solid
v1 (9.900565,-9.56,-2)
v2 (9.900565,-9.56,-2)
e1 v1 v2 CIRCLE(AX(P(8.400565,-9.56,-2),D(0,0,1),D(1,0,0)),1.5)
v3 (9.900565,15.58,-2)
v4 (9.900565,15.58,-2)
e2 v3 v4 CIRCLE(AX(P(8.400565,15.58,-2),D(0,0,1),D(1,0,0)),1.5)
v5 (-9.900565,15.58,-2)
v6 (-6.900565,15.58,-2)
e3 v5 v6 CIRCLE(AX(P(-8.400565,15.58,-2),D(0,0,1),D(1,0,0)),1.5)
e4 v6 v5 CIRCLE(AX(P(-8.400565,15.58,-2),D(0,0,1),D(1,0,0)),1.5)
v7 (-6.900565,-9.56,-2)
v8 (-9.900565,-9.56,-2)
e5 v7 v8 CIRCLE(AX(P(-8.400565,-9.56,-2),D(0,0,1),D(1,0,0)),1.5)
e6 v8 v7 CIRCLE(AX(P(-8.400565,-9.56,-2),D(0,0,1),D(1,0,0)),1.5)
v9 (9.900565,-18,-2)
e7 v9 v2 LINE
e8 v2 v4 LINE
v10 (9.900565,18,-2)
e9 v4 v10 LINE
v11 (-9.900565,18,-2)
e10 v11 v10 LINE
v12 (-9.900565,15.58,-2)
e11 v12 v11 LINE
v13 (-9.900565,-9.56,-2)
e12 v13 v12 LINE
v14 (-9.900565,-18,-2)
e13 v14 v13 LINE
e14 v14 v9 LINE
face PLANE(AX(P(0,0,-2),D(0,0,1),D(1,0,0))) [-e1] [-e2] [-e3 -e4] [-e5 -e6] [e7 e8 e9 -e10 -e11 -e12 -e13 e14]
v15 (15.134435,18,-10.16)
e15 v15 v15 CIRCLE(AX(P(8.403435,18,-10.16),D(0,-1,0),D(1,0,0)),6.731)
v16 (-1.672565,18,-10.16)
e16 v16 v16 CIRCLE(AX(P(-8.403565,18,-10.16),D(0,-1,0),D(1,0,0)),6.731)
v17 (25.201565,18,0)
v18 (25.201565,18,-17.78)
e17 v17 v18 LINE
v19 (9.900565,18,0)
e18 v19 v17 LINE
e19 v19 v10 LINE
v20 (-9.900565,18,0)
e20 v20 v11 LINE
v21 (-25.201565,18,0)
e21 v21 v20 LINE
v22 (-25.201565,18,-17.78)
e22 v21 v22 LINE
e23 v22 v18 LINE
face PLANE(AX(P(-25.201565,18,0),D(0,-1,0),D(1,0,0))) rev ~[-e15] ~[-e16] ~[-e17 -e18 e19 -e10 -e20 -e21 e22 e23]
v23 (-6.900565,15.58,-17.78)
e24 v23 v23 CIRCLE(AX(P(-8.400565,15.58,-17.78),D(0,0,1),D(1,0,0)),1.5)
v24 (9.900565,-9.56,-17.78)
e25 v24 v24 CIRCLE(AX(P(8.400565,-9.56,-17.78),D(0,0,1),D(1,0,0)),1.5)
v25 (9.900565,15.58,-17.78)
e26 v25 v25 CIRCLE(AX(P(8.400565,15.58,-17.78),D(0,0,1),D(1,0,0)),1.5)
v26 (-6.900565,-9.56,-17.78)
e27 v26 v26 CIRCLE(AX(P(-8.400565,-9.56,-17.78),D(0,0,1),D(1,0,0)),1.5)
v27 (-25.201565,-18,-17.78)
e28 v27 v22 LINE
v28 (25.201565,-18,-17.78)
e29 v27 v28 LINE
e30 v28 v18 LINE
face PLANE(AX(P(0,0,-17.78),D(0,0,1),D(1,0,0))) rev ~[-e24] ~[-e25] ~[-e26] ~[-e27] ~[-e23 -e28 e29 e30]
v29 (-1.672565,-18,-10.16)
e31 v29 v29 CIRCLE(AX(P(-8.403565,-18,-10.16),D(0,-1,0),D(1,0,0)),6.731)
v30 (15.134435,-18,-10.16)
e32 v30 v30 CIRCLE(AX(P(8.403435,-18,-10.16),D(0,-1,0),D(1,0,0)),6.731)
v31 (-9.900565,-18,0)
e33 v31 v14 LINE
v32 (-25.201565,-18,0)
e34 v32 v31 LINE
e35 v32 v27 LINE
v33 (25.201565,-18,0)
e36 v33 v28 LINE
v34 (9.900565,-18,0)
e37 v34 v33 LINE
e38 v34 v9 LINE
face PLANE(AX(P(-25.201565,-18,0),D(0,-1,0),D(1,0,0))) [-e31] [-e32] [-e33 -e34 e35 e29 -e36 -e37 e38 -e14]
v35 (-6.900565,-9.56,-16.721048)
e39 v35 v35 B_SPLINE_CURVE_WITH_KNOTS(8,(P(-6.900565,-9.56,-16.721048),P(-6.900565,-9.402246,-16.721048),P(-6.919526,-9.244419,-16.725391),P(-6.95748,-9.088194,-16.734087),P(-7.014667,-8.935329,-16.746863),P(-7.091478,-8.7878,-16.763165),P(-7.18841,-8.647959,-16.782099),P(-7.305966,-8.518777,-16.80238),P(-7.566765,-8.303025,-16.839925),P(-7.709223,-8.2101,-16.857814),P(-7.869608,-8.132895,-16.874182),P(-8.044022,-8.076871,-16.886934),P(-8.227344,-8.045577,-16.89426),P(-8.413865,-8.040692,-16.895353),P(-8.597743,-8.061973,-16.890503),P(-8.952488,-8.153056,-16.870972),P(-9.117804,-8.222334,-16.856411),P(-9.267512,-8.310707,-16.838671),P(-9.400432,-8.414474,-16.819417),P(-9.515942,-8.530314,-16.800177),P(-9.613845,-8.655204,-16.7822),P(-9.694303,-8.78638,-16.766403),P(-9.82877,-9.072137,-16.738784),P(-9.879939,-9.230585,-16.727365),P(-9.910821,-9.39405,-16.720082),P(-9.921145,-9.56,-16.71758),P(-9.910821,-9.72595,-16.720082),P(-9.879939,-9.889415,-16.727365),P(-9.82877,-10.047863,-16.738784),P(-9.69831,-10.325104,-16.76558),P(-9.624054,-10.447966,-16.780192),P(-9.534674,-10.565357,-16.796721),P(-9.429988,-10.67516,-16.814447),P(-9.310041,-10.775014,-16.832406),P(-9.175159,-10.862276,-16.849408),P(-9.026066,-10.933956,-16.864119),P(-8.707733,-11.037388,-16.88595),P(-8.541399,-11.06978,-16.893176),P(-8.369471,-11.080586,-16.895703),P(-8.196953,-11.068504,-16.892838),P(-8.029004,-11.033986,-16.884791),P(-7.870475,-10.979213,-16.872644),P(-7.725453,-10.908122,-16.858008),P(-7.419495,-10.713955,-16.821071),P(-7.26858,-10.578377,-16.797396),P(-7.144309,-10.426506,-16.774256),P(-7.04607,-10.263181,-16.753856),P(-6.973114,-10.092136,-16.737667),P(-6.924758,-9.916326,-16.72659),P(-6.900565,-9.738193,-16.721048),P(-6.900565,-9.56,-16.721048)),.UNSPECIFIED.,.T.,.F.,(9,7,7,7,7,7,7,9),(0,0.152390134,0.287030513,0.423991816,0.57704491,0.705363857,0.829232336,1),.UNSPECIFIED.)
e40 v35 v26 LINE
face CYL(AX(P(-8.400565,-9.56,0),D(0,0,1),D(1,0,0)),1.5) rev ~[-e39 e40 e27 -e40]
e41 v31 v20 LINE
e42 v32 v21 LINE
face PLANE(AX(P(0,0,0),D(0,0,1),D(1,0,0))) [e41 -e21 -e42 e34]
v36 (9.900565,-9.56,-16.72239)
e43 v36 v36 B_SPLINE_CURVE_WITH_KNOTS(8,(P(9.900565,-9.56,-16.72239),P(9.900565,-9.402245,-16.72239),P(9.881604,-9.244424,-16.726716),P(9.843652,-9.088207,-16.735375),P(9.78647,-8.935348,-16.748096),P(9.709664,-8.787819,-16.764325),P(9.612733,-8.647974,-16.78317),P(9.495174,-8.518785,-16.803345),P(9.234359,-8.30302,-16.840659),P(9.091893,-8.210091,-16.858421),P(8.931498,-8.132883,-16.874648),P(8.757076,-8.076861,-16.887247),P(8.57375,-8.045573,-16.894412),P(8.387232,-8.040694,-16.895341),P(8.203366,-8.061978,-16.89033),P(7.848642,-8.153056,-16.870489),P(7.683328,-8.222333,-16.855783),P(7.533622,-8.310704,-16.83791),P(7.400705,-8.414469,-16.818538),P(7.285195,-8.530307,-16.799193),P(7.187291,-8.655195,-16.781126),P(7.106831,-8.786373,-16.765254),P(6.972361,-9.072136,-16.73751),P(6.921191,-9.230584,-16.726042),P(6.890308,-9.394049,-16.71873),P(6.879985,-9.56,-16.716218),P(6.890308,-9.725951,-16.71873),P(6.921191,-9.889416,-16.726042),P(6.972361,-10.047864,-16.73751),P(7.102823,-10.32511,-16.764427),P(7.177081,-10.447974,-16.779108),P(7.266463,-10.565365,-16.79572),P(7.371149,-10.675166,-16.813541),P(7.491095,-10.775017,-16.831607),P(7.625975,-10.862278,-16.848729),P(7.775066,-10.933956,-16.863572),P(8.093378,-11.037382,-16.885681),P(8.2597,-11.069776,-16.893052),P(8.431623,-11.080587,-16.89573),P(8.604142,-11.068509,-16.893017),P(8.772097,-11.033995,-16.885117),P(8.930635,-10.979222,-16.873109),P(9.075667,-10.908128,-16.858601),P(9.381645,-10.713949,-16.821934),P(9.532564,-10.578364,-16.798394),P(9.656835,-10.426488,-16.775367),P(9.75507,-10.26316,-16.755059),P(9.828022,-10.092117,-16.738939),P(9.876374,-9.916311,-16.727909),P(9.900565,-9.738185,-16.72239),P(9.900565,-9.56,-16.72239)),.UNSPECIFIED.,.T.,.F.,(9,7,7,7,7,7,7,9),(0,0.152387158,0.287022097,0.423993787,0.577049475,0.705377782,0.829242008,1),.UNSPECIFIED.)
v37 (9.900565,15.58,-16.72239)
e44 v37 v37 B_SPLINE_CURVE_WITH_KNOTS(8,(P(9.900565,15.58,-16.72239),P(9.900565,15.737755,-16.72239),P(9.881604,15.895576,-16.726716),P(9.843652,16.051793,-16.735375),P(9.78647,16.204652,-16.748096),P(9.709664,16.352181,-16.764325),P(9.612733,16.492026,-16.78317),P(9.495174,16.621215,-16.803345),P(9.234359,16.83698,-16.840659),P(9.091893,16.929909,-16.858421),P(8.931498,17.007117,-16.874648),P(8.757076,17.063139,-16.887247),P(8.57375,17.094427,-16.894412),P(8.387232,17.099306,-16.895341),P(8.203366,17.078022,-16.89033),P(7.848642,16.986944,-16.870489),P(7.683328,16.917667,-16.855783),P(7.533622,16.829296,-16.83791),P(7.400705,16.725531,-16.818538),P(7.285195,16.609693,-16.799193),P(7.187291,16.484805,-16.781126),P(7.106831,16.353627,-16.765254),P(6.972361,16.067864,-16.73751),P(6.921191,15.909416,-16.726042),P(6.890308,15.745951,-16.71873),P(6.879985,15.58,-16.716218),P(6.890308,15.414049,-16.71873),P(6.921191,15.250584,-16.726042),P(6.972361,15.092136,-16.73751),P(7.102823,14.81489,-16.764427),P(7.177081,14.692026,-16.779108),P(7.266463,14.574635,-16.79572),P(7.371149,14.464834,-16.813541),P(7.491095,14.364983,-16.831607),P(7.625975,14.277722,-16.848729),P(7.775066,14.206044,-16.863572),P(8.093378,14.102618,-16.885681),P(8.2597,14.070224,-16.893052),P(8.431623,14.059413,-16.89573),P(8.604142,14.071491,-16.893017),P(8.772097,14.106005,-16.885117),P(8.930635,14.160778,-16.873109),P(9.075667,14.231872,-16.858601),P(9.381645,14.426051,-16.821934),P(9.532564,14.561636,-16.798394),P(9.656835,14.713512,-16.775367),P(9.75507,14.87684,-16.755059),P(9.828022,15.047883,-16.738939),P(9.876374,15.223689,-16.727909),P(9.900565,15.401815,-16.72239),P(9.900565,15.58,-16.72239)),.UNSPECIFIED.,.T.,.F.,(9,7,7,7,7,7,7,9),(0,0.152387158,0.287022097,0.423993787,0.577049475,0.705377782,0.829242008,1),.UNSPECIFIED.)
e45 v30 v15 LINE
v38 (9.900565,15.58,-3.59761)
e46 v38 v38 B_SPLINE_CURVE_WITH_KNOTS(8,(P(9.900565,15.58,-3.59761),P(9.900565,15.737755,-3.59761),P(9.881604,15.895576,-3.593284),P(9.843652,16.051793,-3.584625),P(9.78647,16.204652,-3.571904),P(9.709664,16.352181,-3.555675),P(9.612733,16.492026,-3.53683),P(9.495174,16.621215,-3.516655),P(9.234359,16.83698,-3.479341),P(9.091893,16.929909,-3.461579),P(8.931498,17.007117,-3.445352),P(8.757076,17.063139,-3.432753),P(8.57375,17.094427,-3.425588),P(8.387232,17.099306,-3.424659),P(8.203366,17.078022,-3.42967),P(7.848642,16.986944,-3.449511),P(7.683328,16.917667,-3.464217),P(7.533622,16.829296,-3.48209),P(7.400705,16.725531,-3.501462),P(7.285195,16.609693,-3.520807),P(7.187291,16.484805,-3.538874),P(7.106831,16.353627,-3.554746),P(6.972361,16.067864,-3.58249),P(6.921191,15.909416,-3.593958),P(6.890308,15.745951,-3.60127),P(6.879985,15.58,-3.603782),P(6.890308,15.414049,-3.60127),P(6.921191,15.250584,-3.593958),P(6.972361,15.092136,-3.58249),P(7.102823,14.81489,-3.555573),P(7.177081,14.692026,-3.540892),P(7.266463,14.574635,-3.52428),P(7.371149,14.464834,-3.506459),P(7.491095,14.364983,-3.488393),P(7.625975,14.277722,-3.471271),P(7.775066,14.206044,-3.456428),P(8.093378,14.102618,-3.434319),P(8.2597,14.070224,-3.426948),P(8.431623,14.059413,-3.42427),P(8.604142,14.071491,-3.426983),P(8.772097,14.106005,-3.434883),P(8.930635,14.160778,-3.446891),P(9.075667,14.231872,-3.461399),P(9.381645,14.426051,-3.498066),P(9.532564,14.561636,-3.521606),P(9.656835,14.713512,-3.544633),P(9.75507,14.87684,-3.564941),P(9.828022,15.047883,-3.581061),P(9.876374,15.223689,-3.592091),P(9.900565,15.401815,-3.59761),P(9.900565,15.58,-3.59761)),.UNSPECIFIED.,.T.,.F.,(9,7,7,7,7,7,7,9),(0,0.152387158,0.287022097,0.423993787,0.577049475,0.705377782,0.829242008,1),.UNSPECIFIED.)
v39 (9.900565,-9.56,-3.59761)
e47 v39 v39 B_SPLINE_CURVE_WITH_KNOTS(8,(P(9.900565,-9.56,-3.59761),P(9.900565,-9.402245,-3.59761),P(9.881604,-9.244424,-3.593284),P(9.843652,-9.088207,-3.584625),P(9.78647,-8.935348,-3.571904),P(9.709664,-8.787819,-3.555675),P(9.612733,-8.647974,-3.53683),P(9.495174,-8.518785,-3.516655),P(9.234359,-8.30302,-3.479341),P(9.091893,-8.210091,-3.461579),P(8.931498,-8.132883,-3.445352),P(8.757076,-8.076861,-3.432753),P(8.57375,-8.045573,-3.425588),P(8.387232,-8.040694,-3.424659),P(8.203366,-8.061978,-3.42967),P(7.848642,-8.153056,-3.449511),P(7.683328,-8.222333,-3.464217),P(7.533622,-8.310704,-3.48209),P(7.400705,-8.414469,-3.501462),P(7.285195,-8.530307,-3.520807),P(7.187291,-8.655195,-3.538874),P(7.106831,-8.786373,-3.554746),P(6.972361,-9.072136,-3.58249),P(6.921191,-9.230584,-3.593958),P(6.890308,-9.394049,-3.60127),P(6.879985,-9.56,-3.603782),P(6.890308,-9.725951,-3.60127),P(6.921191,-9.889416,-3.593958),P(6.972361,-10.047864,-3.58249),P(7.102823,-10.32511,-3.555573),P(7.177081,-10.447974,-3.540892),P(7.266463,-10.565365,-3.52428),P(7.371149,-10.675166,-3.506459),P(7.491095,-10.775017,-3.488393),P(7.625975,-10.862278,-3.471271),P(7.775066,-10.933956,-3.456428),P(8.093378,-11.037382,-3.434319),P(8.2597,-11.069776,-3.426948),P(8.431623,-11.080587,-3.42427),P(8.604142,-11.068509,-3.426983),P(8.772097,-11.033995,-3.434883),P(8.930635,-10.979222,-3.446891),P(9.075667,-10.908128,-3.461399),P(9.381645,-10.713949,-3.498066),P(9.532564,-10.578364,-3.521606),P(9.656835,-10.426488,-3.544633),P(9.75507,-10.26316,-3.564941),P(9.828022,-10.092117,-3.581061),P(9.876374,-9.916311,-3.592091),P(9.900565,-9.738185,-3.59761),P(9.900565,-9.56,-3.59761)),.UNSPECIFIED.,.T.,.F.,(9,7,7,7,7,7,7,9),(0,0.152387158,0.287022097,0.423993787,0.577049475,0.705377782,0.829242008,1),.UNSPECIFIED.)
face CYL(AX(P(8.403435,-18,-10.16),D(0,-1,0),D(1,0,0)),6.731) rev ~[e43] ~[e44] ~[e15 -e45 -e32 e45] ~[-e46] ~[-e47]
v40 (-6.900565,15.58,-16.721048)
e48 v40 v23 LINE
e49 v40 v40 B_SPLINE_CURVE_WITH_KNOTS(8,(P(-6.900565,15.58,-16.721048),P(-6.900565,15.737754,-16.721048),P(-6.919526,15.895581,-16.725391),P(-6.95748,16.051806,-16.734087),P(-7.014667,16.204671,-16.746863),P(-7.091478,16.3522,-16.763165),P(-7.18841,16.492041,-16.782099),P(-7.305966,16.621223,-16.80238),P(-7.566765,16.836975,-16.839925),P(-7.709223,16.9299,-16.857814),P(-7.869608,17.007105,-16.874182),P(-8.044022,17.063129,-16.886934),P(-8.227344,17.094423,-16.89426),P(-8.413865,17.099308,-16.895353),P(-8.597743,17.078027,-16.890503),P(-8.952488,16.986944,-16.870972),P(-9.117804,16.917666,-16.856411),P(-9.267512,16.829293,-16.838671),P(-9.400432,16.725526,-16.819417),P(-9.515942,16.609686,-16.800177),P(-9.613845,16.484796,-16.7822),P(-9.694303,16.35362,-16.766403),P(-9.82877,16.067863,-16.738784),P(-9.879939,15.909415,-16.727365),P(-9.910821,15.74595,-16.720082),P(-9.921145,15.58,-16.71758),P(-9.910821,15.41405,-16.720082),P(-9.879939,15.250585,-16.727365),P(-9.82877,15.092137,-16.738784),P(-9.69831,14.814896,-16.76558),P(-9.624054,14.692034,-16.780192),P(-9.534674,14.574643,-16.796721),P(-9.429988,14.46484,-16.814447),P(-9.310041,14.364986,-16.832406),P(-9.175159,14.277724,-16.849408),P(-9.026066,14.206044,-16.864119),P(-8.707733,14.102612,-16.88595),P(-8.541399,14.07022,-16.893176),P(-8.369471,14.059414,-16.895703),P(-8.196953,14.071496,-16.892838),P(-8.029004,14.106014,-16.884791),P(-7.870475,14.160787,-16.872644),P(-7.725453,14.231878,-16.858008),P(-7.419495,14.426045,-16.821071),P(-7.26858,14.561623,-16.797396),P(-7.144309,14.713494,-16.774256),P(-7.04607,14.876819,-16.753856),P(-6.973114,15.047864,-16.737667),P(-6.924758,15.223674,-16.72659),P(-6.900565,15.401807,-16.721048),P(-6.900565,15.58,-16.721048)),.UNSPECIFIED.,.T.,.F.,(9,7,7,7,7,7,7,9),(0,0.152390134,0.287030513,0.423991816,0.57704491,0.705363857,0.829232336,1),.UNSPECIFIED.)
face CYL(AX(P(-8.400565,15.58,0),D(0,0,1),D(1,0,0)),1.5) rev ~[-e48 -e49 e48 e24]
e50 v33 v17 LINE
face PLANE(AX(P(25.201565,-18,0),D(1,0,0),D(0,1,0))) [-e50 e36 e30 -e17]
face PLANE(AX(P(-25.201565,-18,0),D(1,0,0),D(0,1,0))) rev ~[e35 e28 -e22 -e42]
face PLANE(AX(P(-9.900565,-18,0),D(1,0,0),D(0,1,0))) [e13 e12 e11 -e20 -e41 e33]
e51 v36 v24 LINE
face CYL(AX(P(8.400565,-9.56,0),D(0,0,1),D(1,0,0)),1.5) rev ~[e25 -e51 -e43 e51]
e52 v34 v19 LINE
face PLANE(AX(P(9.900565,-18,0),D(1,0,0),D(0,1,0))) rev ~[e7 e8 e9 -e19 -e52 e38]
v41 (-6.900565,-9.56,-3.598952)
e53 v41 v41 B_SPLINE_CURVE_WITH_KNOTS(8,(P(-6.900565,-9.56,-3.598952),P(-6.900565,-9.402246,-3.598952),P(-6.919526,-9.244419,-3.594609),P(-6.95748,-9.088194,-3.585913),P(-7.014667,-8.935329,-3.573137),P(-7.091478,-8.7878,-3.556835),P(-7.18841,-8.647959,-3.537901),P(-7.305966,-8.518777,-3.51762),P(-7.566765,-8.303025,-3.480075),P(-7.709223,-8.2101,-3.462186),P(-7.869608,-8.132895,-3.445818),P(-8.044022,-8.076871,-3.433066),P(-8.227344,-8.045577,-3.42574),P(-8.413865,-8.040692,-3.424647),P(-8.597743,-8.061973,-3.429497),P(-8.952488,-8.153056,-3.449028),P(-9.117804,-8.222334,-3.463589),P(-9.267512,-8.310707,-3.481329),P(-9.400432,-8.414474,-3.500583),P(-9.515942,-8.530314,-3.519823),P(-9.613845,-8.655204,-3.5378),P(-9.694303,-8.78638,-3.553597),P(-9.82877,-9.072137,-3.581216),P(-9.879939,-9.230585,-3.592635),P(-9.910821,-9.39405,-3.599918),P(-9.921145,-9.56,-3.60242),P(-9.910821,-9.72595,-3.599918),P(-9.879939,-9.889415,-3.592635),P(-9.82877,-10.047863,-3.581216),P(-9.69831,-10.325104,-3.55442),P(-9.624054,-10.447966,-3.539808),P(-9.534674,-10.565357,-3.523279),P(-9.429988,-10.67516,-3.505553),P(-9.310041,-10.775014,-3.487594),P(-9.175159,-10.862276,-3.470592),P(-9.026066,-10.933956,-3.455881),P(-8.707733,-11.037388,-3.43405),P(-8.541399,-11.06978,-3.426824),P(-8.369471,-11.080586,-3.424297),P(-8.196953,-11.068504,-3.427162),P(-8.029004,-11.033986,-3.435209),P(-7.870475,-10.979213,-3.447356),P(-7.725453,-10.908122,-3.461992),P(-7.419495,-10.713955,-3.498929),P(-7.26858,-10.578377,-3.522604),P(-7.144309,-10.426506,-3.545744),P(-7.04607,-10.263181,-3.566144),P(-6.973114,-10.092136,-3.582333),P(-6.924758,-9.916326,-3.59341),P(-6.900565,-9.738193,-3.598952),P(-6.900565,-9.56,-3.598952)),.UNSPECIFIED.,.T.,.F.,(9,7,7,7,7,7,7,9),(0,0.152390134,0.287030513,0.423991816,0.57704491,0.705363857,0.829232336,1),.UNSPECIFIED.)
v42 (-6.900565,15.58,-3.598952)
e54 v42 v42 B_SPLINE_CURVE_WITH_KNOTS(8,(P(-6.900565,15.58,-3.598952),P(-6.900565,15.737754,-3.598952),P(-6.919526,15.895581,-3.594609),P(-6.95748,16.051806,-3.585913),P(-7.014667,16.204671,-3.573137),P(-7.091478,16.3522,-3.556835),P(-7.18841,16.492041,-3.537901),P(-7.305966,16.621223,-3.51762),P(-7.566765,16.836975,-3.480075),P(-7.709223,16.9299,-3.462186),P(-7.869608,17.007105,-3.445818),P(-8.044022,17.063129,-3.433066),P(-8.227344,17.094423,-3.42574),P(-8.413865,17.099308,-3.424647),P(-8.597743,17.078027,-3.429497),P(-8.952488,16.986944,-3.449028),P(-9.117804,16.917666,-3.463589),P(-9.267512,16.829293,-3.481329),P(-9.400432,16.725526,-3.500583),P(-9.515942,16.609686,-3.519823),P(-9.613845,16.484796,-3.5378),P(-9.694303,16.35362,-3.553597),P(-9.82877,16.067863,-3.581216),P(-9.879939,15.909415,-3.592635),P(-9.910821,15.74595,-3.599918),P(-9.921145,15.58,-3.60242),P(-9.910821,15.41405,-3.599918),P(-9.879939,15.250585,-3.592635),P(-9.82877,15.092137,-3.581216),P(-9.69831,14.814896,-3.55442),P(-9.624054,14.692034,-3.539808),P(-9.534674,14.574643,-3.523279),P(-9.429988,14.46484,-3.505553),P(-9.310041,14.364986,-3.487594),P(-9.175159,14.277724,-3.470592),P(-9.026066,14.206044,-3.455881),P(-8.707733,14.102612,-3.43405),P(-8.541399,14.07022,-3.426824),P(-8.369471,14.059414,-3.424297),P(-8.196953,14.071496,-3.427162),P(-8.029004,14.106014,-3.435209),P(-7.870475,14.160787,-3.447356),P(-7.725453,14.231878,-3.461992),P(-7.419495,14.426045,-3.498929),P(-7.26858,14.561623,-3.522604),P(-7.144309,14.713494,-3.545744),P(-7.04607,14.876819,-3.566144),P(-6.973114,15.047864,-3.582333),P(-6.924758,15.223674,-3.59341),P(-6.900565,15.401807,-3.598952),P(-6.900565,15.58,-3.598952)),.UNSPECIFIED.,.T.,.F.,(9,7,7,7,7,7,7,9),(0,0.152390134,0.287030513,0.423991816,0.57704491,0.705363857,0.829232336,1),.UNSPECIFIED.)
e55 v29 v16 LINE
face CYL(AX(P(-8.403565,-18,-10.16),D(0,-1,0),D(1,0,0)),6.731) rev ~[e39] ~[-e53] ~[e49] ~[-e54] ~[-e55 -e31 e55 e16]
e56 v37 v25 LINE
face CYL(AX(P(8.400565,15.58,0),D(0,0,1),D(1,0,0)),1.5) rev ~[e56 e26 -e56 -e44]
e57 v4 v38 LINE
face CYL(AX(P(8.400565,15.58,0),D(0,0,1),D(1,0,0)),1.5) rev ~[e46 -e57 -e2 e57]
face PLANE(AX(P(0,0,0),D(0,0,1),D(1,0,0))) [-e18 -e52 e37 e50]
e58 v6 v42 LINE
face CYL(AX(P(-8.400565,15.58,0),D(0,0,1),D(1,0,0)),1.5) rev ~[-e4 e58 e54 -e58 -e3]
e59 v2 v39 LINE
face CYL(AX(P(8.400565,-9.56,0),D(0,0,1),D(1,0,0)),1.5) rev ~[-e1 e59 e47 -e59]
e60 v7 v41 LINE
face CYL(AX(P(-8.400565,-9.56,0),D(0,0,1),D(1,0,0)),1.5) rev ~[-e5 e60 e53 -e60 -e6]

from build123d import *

# Parameters (mm, degrees)
F0_W     = 50.40313
F0_H     = 36
F0_R     = 1.5
F1_DEPTH = 17.78
F3_R     = 6.731
F4_DEPTH = 63.2
F5_W     = 19.80113
F5_H     = 36
F6_DEPTH = 2


with BuildPart() as f1:
    # F0 (on Top) → F1 (new body)
    with BuildSketch(Plane.XY):
        Rectangle(F0_W, F0_H)
        with Locations((-8.400565, -9.56)):
            Circle(F0_R, mode=Mode.SUBTRACT)
        with Locations((8.400565, -9.56)):
            Circle(F0_R, mode=Mode.SUBTRACT)
        with Locations((-8.400565, 15.58)):
            Circle(F0_R, mode=Mode.SUBTRACT)
        with Locations((8.400565, 15.58)):
            Circle(F0_R, mode=Mode.SUBTRACT)
    extrude(amount=-F1_DEPTH)

    # F3 (on face) → F4 (cut)
    with BuildSketch(Plane.XZ.offset(18)):
        with Locations((-8.403565, -10.16)):
            Circle(F3_R)
        with Locations((8.403435, -10.16)):
            Circle(F3_R)
    extrude(amount=-F4_DEPTH, mode=Mode.SUBTRACT)

    # F5 (on face) → F6 (cut)
    with BuildSketch(Plane.XY):
        Rectangle(F5_W, F5_H)
    extrude(amount=-F6_DEPTH, mode=Mode.SUBTRACT)


solid = f1.part
